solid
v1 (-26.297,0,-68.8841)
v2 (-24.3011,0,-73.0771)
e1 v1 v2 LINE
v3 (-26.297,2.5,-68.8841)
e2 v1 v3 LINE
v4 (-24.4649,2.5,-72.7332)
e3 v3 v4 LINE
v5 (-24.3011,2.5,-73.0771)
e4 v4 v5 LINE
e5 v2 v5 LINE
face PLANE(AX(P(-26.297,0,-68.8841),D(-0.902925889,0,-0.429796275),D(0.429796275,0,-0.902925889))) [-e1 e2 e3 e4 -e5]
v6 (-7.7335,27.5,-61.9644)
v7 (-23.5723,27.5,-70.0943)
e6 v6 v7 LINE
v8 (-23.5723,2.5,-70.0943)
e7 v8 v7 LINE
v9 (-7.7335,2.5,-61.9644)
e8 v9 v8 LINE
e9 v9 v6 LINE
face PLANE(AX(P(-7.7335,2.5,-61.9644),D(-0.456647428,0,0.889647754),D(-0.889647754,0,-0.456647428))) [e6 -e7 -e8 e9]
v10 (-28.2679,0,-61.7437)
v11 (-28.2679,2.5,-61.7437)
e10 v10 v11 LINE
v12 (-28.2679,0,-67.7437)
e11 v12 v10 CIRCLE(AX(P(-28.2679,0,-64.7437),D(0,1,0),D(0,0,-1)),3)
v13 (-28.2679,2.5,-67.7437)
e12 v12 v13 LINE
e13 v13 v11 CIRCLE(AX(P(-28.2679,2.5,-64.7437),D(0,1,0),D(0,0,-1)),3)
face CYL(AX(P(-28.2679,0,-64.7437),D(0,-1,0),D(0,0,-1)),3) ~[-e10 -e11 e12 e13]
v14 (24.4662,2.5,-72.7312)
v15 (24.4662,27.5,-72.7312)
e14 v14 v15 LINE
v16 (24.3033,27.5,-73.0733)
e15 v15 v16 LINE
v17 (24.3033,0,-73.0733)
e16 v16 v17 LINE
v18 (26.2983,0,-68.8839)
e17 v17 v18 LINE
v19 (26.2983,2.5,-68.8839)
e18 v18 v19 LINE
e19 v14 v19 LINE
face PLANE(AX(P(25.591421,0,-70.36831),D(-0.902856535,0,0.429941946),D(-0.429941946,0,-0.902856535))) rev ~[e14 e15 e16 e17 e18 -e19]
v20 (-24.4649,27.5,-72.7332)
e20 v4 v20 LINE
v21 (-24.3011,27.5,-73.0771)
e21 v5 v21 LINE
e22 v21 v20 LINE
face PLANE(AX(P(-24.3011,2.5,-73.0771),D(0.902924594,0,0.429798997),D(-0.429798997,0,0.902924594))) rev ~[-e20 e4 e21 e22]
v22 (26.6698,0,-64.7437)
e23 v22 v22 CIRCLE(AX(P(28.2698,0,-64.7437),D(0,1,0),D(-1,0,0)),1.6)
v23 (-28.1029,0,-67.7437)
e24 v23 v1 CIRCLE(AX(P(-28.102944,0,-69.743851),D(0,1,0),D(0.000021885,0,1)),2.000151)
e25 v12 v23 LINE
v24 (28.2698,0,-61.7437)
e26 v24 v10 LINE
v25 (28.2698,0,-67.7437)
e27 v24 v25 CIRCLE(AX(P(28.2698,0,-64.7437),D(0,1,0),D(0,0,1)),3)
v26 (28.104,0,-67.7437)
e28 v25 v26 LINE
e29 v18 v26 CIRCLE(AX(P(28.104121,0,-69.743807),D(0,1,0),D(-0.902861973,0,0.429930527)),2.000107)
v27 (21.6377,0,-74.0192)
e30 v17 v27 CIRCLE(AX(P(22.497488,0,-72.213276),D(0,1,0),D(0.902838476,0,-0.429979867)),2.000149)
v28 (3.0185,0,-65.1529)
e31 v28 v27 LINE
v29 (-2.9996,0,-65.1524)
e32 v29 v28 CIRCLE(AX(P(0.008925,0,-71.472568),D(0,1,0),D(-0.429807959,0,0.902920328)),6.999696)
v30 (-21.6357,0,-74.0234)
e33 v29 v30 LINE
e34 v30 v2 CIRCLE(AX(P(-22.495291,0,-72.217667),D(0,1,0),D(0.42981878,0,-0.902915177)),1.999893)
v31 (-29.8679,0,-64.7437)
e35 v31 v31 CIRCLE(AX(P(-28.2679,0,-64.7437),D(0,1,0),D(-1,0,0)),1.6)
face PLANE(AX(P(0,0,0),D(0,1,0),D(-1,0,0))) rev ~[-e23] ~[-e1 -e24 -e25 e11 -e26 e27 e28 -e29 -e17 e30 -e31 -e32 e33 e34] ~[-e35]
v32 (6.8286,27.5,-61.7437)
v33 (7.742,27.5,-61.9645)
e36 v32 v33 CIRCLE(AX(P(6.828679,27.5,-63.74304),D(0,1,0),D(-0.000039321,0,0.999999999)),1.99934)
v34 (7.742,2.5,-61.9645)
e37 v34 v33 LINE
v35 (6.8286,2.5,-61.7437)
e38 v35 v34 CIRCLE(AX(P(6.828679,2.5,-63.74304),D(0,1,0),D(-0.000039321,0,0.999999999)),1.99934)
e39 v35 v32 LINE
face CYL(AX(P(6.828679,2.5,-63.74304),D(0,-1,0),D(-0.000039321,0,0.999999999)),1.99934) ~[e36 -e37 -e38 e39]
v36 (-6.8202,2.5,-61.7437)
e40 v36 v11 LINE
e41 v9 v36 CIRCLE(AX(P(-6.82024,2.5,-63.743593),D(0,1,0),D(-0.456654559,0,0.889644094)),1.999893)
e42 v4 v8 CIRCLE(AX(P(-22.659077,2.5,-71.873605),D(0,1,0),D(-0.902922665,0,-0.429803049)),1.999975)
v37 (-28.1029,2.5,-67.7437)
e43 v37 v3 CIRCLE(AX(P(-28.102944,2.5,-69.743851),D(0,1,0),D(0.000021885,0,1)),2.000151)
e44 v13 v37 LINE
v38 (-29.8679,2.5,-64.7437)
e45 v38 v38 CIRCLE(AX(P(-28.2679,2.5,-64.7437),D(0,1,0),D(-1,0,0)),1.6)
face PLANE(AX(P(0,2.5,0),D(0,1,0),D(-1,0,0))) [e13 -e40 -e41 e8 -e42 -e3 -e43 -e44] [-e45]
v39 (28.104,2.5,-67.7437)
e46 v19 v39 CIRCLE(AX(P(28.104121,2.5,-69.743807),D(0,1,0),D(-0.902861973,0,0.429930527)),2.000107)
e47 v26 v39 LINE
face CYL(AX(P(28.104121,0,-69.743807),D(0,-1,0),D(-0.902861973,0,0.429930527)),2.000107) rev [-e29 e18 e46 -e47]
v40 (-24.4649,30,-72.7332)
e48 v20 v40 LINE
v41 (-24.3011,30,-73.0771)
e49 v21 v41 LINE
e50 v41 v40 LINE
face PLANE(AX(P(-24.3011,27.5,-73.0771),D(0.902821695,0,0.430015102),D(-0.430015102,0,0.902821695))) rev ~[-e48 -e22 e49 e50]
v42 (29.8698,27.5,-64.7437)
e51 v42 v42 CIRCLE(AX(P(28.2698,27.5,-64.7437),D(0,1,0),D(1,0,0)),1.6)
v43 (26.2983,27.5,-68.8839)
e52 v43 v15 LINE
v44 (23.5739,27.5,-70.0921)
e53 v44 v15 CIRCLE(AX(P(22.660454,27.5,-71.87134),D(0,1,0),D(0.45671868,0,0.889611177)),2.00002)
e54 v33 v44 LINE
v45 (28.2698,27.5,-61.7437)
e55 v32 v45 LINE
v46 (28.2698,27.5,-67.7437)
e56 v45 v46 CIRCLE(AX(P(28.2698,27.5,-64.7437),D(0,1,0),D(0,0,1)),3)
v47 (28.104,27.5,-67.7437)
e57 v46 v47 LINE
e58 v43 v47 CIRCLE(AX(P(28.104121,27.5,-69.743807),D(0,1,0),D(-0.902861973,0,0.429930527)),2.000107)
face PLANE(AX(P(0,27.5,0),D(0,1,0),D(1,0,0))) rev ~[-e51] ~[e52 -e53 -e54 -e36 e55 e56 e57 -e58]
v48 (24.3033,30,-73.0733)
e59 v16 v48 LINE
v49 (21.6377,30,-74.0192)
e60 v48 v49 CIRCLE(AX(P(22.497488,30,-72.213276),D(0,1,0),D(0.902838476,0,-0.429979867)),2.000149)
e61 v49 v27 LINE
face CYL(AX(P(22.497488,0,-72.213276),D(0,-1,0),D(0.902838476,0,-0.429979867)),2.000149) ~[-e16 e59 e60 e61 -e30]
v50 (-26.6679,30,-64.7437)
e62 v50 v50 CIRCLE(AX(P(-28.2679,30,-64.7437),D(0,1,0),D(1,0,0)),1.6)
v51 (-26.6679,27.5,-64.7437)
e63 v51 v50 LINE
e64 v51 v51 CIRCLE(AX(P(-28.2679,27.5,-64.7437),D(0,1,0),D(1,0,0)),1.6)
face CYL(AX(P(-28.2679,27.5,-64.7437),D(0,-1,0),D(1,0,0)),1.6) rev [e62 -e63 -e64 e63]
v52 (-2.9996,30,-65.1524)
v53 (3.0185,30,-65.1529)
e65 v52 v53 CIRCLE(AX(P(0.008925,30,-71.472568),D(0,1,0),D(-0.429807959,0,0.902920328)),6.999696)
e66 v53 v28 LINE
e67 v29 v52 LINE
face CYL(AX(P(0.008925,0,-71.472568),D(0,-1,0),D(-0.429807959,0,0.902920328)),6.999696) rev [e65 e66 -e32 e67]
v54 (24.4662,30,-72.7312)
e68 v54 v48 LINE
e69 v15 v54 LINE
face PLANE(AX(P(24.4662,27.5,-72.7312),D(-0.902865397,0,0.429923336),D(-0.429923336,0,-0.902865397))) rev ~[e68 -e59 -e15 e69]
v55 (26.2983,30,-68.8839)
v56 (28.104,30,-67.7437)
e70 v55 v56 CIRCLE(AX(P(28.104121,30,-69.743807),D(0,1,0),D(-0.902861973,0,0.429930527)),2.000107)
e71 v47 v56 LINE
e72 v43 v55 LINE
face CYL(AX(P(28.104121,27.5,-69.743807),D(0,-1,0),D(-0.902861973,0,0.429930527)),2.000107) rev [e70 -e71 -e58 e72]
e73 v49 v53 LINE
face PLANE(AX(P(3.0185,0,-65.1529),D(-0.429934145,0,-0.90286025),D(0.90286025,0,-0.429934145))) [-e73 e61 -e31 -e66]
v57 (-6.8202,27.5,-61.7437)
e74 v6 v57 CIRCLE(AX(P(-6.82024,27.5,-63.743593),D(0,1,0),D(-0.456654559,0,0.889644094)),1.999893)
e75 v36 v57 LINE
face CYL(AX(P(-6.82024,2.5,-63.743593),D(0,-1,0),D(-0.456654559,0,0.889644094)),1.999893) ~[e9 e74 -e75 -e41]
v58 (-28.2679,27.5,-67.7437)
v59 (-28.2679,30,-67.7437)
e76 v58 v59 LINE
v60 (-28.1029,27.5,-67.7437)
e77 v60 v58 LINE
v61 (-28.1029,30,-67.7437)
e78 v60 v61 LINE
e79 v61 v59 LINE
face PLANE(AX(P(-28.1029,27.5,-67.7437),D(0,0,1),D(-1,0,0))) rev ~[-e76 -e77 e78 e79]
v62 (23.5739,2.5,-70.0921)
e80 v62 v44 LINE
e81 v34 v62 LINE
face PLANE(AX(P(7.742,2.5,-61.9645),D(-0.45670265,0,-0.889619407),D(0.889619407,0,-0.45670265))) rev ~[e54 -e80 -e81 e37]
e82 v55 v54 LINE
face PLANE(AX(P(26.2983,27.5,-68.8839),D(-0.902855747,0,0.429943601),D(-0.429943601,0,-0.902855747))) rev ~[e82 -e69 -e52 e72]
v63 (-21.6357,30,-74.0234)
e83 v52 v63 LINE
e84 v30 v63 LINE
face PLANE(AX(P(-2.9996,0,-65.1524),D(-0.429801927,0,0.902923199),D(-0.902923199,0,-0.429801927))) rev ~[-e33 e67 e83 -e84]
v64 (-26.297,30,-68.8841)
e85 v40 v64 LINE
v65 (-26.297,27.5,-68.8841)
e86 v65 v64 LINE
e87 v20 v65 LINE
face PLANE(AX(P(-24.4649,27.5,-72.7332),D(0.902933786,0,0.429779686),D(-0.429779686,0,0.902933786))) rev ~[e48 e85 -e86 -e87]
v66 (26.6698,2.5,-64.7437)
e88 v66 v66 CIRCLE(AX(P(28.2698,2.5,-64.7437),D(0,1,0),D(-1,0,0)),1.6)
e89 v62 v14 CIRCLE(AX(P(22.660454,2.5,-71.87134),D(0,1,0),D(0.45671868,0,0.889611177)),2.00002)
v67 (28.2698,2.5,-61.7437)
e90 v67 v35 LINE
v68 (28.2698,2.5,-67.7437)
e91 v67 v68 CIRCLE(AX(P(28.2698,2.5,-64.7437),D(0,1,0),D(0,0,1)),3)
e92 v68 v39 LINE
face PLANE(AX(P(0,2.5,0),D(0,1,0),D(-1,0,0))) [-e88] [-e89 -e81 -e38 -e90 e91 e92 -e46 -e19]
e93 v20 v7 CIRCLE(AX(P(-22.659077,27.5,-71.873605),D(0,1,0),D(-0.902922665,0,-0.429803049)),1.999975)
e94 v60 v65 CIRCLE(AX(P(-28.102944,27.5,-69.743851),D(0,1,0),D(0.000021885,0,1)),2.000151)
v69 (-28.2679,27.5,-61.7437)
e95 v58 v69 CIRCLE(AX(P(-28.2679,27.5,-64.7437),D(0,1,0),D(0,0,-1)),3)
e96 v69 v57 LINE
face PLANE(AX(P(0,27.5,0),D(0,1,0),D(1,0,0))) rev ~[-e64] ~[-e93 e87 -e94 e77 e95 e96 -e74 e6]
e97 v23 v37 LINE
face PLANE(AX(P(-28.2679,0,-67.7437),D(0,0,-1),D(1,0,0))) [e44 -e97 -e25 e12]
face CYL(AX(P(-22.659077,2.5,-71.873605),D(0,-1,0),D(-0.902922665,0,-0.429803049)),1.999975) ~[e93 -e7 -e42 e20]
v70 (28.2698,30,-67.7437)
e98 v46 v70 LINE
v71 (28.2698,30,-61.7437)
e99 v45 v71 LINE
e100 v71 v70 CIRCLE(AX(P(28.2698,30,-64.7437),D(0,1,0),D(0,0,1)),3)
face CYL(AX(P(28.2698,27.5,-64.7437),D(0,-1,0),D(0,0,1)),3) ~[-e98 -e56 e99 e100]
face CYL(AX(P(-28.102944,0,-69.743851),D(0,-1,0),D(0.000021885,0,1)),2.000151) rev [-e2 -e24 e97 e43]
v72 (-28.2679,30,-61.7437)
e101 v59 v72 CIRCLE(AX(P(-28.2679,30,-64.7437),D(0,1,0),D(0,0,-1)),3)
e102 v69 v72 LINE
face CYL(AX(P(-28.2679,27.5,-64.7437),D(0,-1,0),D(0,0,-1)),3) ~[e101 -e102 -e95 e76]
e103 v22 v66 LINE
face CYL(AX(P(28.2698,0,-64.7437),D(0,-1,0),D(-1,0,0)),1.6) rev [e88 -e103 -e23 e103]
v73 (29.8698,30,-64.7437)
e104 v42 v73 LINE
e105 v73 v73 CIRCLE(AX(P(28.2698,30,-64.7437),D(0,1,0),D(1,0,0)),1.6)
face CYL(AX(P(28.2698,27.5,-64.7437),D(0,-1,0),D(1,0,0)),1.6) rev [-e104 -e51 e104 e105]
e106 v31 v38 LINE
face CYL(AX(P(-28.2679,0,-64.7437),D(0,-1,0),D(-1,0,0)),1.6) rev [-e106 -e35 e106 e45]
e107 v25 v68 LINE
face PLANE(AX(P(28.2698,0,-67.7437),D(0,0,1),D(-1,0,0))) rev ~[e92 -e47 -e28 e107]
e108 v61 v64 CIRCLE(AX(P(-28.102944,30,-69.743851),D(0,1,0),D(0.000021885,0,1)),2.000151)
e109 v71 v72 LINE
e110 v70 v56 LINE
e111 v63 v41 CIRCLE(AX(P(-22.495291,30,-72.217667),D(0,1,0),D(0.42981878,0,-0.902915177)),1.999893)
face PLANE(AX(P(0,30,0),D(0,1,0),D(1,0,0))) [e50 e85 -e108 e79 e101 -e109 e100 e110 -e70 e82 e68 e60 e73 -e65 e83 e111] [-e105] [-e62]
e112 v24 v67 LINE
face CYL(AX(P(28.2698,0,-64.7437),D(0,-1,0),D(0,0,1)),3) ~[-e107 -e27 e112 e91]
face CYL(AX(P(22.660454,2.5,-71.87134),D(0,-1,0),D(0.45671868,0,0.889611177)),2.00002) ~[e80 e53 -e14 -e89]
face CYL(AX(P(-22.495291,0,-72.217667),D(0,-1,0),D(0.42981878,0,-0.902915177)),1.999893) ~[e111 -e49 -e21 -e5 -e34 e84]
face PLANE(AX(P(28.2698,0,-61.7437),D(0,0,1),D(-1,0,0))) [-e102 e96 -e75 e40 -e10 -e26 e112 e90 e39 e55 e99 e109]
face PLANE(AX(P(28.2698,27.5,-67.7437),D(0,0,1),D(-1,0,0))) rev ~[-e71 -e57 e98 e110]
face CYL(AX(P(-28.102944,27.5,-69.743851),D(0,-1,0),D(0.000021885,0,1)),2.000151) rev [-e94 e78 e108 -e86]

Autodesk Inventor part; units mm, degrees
ref_plane "YZ Plane" through (0, 0, 0) normal (1, 0, 0) x (0, 1, 0)
ref_plane "XZ Plane" through (0, 0, 0) normal (0, 1, 0) x (-1, 0, 0)
ref_plane "XY Plane" through (0, 0, 0) normal (0, 0, 1) x (1, 0, 0)
sketch "Sketch1" plane through (0, 0, 0) normal (0, 1, 0) x (-1, 0, 0)
  circle A0 centre (24, -57.282) radius 1.6
  circle A1 centre (-24, -57.282) radius 1.6
  circle A2 centre (30.6147, -73.9084) radius 1.6
  circle A3 centre (-30.6218, -73.9117) radius 1.6
  circle A4 centre (28.2679, -64.7437) radius 1.6
  circle A5 centre (-28.2698, -64.7437) radius 1.6
  line L0 (48.2265, -83.602) -> (45.2265, -83.602)
  line L1 (45.2265, -83.602) -> (45.2265, -77.602)
  line L2 (45.2265, -77.602) -> (48.2265, -77.602)
  line L3 (48.2265, -77.602) -> (48.2265, -83.602)
  line L4 (-45.2265, -83.602) -> (-48.2265, -83.602)
  line L5 (-48.2265, -83.602) -> (-48.2265, -77.602)
  line L6 (-48.2265, -77.602) -> (-45.2265, -77.602)
  line L7 (-45.2265, -77.602) -> (-45.2265, -83.602)
  line L8 (48.3297, -88.9448) -> (2.1402, -66.9582)
  line L9 (-2.1585, -66.9585) -> (-48.3297, -88.9448)
  arc A6 (2.1402, -66.9582) -> (-2.1585, -66.9585) centre (-0.0088, -71.4728) ccw
  line L10 (30.6147, -73.9084) -> (28.0518, -79.2924)
  line L11 (28.0518, -79.2924) -> (-28.0596, -79.2924)
  line L12 (-30.6218, -73.9117) -> (-28.0596, -79.2924)
  line L13 (-28.0596, -79.2924) -> (-28.9194, -77.4867)
  line L14 (28.0518, -79.2924) -> (28.9114, -77.4867)
  line L15 (2.9996, -65.1524) -> (21.6357, -74.0234)
  line L16 (-3.0185, -65.1529) -> (-21.6377, -74.0192)
  arc A7 (2.9996, -65.1524) -> (-3.0185, -65.1529) centre (-0.009, -71.4729) ccw
  line L17 (26.297, -68.8841) -> (23.4415, -74.883)
  line L18 (24.3011, -73.0771) -> (25.5905, -70.3683)
  line L19 (7.0641, -61.5496) -> (5.1533, -60.64)
  line L20 (-26.2983, -68.8839) -> (-24.3033, -73.0733)
  line L21 (-23.4434, -74.879) -> (-25.5914, -70.3683)
  line L22 (-5.1635, -60.6408) -> (-7.0717, -61.5494)
  arc A8 (5.1533, -60.64) -> (-5.1635, -60.6408) centre (-0.0043, -71.4751) ccw
  arc A9 (28.2679, -67.7437) -> (28.2679, -61.7437) centre (28.2679, -64.7437) ccw
  line L23 (28.2679, -64.7437) -> (28.2679, -61.7437) construction
  line L24 (28.2679, -64.7437) -> (31.2679, -64.7437) construction
  line L25 (28.2679, -64.7437) -> (28.2679, -67.7437) construction
  line L26 (28.2679, -61.7437) -> (7.9237, -61.7437)
  line L27 (28.2679, -67.7437) -> (28.1029, -67.7437)
  arc A10 (-28.2698, -61.7437) -> (-28.2698, -67.7437) centre (-28.2698, -64.7437) ccw
  line L28 (-28.2698, -64.7437) -> (-28.2698, -61.7437) construction
  line L29 (-28.2698, -64.7437) -> (-25.2698, -64.7437) construction
  line L30 (-28.2698, -67.7437) -> (-28.104, -67.7437)
  line L31 (-28.2698, -61.7437) -> (-7.9316, -61.7437)
  arc A11 (21.6357, -74.0234) -> (24.3011, -73.0771) centre (22.4953, -72.2175) ccw
  arc A12 (-24.3033, -73.0733) -> (-21.6377, -74.0192) centre (-22.4976, -72.2134) ccw
  arc A13 (-7.9316, -61.7437) -> (-7.0717, -61.5494) centre (-7.9316, -59.7437) ccw
  arc A14 (7.0641, -61.5496) -> (7.9237, -61.7437) centre (7.9237, -59.7437) ccw
  arc A15 (28.1029, -67.7437) -> (26.297, -68.8841) centre (28.1029, -69.7437) ccw
  arc A16 (-26.2983, -68.8839) -> (-28.104, -67.7437) centre (-28.104, -69.7437) ccw
  line L32 (28.2679, -61.7437) -> (-28.2698, -61.7437)
  point P0 (0, 0)
  dimension "d0" = 3.2
  dimension "d1" = 6
  dimension "d2" = 6
  dimension "d3" = 5
  dimension "d4" = 2
  dimension "d5" = 7
  dimension "d6" = 5
  dimension "d7" = 12
  dimension "d8" = 3
  dimension "d9" = 90
  dimension "d10" = 180
  dimension "d11" = 3
  dimension "d12" = 90
  dimension "d13" = 2
  dimension "d14" = 2
extrude "Extrusion1" add sketch "Sketch1" along normal blind 2.5 contours A7 L16 A12 L20 A16 L30 A10 L31 L32 L26 A9 L27 A15 L17 A11 L15
sketch "Sketch2" plane through (0, 2.5, 0) normal (0, 1, 0) x (1, 0, 0)
  line L0 (-24.3011, 73.0771) -> (-26.297, 68.8841) projected
  line L1 (26.2983, 68.8839) -> (24.3033, 73.0733) projected
  arc A0 (-21.6357, 74.0234) -> (-24.3011, 73.0771) centre (-22.4953, 72.2175) ccw projected
  line L2 (-24.4649, 72.7332) -> (-24.3011, 73.0771)
  arc A1 (-24.4649, 72.7332) -> (-23.5723, 70.0943) centre (-22.659, 71.8736) ccw
  line L3 (24.4662, 72.7312) -> (24.3033, 73.0733)
  arc A2 (23.5739, 70.0921) -> (24.4662, 72.7312) centre (22.6605, 71.8713) ccw
  arc A3 (24.3033, 73.0733) -> (21.6377, 74.0192) centre (22.4976, 72.2134) ccw projected
  line L4 (21.6377, 74.0192) -> (3.0185, 65.1529) projected
  line L5 (-2.9996, 65.1524) -> (-21.6357, 74.0234) projected
  arc A4 (-2.9996, 65.1524) -> (3.0185, 65.1529) centre (0.009, 71.4729) ccw projected
  line L6 (-28.2679, 61.7437) -> (28.2698, 61.7437) projected
  line L7 (7.742, 61.9645) -> (23.5739, 70.0921)
  line L8 (-7.7335, 61.9644) -> (-23.5723, 70.0943)
  line L9 (-6.8202, 61.7437) -> (6.8286, 61.7437)
  arc A5 (6.8286, 61.7437) -> (7.742, 61.9645) centre (6.8286, 63.7437) ccw
  arc A6 (-7.7335, 61.9644) -> (-6.8202, 61.7437) centre (-6.8202, 63.7437) ccw
  point P0 (0, 0)
  point P1 (-5.1533, 60.64)
  point P2 (-25.2991, 70.9806)
  point P3 (25.3008, 70.9786)
  point P4 (7.312, 61.7437)
  point P5 (-7.3035, 61.7437)
  dimension "d17" = 2
  dimension "d18" = 2
  dimension "d23" = 2
extrude "Extrusion2" add sketch "Sketch2" along normal blind 25
sketch "Sketch3" plane through (0, 27.5, 0) normal (0, 1, 0) x (1, 0, 0)
  arc A0 (23.5739, 70.0921) -> (24.4662, 72.7312) centre (22.6605, 71.8713) ccw projected
  arc A1 (28.2698, 61.7437) -> (28.2698, 67.7437) centre (28.2698, 64.7437) ccw projected
  line L0 (28.2698, 67.7437) -> (28.104, 67.7437) projected
  arc A2 (26.2983, 68.8839) -> (28.104, 67.7437) centre (28.104, 69.7437) ccw projected
  line L1 (26.2983, 68.8839) -> (24.4662, 72.7312) projected
  circle A3 centre (28.2698, 64.7437) radius 1.6 projected
  arc A4 (23.5739, 70.0921) -> (24.4662, 72.7312) centre (22.6605, 71.8713) ccw projected
  line L2 (24.4662, 72.7312) -> (24.3033, 73.0733) projected
  arc A5 (24.3033, 73.0733) -> (21.6377, 74.0192) centre (22.4976, 72.2134) ccw projected
  line L3 (21.6377, 74.0192) -> (3.0185, 65.1529) projected
  arc A6 (-2.9996, 65.1524) -> (3.0185, 65.1529) centre (0.009, 71.4729) ccw projected
  line L4 (-2.9996, 65.1524) -> (-21.6357, 74.0234) projected
  arc A7 (-21.6357, 74.0234) -> (-24.3011, 73.0771) centre (-22.4953, 72.2175) ccw projected
  line L5 (-24.3011, 73.0771) -> (-24.4649, 72.7332) projected
  arc A8 (-24.4649, 72.7332) -> (-23.5723, 70.0943) centre (-22.659, 71.8736) ccw projected
  arc A9 (-24.4649, 72.7332) -> (-23.5723, 70.0943) centre (-22.659, 71.8736) ccw projected
  line L6 (-24.4649, 72.7332) -> (-26.297, 68.8841) projected
  arc A10 (-28.1029, 67.7437) -> (-26.297, 68.8841) centre (-28.1029, 69.7437) ccw projected
  line L7 (-28.1029, 67.7437) -> (-28.2679, 67.7437) projected
  arc A11 (-28.2679, 67.7437) -> (-28.2679, 61.7437) centre (-28.2679, 64.7437) ccw projected
  circle A12 centre (-28.2679, 64.7437) radius 1.6 projected
  arc A13 (-7.7335, 61.9644) -> (-6.8202, 61.7437) centre (-6.8202, 63.7437) ccw projected
  line L8 (-7.7335, 61.9644) -> (-23.5723, 70.0943) projected
  line L9 (-28.2679, 61.7437) -> (-6.8202, 61.7437) projected
  line L10 (-23.5723, 70.0943) -> (-7.7335, 61.9644) projected
  arc A14 (-7.7335, 61.9644) -> (-6.8202, 61.7437) centre (-6.8202, 63.7437) ccw projected
  line L11 (-6.8202, 61.7437) -> (6.8286, 61.7437) projected
  arc A15 (6.8286, 61.7437) -> (7.742, 61.9645) centre (6.8286, 63.7437) ccw projected
  line L12 (7.742, 61.9645) -> (23.5739, 70.0921) projected
  arc A16 (6.8286, 61.7437) -> (7.742, 61.9645) centre (6.8286, 63.7437) ccw projected
  line L13 (6.8286, 61.7437) -> (28.2698, 61.7437) projected
  line L14 (23.5739, 70.0921) -> (7.742, 61.9645) projected
  point P0 (0, 0)
extrude "Extrusion3" add sketch "Sketch3" along normal blind 2.5
properties part number "Front guard v2"
